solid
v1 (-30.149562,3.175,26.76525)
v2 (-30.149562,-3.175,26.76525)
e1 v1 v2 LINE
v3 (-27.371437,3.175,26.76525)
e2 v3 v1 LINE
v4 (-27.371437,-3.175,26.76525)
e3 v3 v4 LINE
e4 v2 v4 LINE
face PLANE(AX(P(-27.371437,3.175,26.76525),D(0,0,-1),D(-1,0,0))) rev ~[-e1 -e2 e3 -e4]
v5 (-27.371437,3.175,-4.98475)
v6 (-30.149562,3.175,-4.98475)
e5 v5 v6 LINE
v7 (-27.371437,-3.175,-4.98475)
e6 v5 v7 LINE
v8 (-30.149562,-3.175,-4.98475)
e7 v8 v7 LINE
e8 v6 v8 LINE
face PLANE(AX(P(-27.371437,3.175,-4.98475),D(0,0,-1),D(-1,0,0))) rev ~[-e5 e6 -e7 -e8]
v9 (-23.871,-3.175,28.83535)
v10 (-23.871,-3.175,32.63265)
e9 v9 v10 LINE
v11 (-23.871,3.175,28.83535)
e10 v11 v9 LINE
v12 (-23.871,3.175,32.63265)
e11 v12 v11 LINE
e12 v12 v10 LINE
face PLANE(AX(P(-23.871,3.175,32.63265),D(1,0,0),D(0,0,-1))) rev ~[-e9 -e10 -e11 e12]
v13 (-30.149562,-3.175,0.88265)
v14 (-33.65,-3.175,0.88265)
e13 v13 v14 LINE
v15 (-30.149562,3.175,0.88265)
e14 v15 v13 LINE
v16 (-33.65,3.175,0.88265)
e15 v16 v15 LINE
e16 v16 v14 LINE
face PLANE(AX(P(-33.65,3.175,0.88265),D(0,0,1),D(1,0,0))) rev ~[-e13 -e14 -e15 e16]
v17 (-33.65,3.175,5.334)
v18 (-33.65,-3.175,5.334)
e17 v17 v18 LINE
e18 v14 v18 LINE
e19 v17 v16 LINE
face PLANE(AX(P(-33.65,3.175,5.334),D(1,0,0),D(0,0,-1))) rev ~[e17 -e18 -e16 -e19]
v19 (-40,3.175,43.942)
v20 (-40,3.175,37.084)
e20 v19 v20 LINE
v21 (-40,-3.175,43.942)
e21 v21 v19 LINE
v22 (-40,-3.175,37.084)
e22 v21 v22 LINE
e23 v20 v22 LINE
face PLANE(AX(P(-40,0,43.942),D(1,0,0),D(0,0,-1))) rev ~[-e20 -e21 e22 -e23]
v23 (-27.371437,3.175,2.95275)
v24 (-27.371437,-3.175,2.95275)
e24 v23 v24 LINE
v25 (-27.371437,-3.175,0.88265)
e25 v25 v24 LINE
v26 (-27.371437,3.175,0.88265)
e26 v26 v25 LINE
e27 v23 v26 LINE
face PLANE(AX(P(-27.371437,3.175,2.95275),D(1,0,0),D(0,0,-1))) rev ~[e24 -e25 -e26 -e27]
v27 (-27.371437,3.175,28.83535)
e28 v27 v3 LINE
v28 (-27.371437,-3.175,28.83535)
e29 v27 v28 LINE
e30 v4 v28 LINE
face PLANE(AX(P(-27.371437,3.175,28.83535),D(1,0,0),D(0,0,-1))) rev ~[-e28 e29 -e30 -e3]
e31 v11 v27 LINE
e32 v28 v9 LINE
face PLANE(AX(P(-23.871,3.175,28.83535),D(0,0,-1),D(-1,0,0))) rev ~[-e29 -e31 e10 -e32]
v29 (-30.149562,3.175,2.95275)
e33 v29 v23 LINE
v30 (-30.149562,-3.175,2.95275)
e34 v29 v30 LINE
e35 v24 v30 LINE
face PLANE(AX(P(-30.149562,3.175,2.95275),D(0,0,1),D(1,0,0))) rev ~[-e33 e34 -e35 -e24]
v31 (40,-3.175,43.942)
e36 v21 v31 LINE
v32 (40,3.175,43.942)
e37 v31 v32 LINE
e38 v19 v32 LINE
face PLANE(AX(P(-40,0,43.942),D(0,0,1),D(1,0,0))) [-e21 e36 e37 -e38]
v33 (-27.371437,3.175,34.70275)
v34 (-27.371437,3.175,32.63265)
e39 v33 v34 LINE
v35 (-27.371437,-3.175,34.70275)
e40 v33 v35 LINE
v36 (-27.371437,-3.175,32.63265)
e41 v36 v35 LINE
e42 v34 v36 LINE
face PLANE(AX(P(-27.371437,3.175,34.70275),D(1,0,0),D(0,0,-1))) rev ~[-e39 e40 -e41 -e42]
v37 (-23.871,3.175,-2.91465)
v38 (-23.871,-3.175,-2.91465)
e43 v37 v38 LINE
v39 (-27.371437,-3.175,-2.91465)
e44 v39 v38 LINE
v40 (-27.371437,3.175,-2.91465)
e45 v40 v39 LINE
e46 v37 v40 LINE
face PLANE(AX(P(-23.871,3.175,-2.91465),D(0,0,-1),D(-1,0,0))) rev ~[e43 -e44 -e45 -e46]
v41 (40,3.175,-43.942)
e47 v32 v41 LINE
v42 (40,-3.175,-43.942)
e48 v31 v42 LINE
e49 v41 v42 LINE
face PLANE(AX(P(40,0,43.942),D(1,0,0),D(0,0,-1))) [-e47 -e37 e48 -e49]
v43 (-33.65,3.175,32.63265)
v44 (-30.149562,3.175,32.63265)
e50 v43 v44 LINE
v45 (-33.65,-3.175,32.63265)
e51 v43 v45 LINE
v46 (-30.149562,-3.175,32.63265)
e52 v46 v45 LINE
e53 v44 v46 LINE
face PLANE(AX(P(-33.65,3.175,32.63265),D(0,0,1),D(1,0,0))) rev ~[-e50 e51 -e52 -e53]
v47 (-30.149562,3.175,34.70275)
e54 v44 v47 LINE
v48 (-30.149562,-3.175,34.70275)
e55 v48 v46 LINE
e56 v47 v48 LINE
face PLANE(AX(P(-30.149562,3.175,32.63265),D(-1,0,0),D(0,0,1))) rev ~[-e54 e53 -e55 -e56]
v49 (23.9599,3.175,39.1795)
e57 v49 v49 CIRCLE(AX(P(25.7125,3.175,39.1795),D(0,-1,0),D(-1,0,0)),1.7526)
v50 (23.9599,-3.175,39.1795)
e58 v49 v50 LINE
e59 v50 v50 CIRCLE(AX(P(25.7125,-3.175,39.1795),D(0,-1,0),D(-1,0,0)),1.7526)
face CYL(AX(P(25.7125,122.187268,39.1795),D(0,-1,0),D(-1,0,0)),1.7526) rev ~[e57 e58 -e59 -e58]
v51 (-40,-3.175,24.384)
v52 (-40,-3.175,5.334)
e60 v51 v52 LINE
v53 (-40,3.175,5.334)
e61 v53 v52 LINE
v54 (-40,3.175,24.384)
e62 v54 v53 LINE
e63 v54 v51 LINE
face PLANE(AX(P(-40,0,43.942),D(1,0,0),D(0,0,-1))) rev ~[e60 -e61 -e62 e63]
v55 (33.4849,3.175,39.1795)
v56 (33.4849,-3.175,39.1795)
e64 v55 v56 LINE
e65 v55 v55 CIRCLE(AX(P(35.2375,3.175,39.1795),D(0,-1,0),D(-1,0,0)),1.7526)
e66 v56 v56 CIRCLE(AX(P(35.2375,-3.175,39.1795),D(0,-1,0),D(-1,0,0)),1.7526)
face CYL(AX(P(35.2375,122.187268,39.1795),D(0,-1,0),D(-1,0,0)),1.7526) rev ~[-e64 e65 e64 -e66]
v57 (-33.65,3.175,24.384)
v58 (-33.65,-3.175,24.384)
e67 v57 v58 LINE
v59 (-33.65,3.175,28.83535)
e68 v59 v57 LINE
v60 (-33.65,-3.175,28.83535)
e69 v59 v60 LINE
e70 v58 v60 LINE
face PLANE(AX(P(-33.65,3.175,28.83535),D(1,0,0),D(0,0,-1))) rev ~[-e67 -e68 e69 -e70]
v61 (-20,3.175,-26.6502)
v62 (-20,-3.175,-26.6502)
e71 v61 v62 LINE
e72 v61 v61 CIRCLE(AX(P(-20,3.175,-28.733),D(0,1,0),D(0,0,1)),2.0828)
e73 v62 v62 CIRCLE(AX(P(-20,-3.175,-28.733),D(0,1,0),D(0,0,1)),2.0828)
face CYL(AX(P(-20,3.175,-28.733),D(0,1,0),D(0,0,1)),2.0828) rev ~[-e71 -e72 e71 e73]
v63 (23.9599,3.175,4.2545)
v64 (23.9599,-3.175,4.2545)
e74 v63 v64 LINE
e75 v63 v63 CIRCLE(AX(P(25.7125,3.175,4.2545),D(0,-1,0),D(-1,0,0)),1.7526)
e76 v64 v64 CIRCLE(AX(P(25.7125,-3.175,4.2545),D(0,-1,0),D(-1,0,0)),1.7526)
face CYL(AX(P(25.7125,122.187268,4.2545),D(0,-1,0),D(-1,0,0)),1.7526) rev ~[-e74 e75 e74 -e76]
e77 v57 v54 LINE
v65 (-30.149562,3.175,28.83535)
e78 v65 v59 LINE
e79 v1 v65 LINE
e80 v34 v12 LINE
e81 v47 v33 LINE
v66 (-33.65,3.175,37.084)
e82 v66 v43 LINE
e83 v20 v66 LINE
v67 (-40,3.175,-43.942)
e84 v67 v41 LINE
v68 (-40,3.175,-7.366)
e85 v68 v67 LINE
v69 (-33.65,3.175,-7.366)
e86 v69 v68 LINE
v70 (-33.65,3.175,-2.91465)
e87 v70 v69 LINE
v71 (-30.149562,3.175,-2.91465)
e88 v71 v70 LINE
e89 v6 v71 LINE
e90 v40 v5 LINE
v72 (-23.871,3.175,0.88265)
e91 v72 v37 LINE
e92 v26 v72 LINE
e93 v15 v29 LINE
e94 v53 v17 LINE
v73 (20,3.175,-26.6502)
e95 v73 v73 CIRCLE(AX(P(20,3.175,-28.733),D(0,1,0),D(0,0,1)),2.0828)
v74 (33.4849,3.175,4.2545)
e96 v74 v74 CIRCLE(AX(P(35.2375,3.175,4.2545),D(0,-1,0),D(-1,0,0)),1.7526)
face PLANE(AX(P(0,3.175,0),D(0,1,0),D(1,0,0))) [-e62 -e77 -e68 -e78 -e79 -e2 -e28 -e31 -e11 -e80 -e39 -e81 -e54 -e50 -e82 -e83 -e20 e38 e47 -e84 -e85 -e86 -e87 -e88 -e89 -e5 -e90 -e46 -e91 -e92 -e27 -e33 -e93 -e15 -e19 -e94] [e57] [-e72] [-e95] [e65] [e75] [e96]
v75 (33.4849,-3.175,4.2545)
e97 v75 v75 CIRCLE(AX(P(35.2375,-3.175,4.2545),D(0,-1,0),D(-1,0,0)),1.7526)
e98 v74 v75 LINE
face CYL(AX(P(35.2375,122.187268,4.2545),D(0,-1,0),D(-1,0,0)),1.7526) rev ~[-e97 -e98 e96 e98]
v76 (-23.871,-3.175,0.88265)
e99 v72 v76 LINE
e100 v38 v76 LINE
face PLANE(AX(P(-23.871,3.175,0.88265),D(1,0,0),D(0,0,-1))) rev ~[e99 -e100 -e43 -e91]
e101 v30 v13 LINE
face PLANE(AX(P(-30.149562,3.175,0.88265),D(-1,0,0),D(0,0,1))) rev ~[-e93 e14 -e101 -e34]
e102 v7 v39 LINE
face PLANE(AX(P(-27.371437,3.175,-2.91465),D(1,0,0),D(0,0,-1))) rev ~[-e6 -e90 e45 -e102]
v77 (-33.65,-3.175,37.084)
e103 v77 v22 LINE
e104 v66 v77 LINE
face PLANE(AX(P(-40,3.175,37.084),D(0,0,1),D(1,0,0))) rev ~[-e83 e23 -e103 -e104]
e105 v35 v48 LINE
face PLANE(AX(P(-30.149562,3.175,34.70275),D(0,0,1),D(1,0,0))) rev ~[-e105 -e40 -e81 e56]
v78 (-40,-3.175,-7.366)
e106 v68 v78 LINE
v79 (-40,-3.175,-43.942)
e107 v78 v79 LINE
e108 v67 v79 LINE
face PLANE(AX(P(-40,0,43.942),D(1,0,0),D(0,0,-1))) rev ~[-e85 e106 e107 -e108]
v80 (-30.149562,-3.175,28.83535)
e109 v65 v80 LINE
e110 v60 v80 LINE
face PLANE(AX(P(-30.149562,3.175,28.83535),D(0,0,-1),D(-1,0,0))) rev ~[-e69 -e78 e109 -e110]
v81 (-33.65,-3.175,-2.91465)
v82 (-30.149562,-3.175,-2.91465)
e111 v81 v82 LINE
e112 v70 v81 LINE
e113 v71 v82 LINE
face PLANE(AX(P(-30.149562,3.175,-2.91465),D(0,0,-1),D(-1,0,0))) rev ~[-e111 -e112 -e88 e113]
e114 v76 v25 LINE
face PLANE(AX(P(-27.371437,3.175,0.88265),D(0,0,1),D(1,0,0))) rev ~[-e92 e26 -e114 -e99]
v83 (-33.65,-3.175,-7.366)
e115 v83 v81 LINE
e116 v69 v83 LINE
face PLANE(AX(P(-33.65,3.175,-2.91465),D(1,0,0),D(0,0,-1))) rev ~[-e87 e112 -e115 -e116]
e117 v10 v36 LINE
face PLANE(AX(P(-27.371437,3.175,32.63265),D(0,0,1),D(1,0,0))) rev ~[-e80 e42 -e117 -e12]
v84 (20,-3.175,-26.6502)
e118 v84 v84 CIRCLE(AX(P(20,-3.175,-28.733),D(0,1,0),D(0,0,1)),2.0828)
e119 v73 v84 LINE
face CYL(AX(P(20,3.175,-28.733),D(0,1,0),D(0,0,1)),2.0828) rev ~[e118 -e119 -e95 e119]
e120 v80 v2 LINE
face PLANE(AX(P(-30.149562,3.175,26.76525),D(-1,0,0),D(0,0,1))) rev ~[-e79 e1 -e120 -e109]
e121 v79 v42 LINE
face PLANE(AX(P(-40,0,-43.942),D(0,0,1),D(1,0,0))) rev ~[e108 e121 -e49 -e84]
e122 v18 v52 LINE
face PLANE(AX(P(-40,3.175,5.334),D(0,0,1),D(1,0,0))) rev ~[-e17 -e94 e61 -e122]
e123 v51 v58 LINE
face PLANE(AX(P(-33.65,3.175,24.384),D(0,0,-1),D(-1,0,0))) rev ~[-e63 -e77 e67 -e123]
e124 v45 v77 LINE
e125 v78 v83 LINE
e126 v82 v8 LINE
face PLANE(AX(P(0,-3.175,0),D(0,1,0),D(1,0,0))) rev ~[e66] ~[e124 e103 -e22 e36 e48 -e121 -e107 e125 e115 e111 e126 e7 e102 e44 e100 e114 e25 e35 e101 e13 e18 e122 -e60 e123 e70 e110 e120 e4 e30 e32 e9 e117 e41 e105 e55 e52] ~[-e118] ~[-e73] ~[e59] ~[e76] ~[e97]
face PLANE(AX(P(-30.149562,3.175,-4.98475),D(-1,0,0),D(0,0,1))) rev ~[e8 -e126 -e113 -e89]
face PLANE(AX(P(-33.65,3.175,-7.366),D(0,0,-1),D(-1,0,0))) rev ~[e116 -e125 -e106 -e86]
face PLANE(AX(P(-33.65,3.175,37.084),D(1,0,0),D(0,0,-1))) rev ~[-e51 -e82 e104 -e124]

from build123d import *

# Parameters (mm, degrees)
SKETCH1_W             = 80
SKETCH1_H             = 87.884
BOSS_EXTRUDE1_DEPTH   = 3.175
F_6_CLEARANCE_HOLE1_D = 3.5052
LPATTERN1_COUNT       = 2
LPATTERN1_PITCH       = 9.525
LPATTERN1_COUNT_DIR2  = 2
LPATTERN1_PITCH_DIR2  = 34.925
CUT_EXTRUDE1_REACH    = 61.76
LPATTERN3_COUNT       = 2
LPATTERN3_PITCH       = 31.75
SKETCH10_R            = 2.0828
CUT_EXTRUDE2_DEPTH    = 60.759701003


with BuildPart() as part:
    # Sketch1 → Boss-Extrude1 (new, symmetric)
    with BuildSketch(Plane(origin=(0, 0, 0), x_dir=(1, 0, 0), z_dir=(0, 1, 0))):
        Rectangle(SKETCH1_W, SKETCH1_H)
    extrude(amount=BOSS_EXTRUDE1_DEPTH, both=True)

    # #6 Clearance Hole1 (through all)
    with Locations(Plane(origin=(0, 3.175, 0), x_dir=(1, 0, 0), z_dir=(0, 1, 0))):
        with Locations((35.2375, -39.1795)):
            f_6_clearance_hole1 = Hole(F_6_CLEARANCE_HOLE1_D / 2)

    # LPattern1: 6 Clearance Hole1 2 × 2
    with Locations(*[(-i * LPATTERN1_PITCH, 0, -j * LPATTERN1_PITCH_DIR2) for i in range(LPATTERN1_COUNT) for j in range(LPATTERN1_COUNT_DIR2) if (i, j) != (0, 0)]):
        add(f_6_clearance_hole1, mode=Mode.SUBTRACT)

    # Sketch7 → Cut-Extrude1 (cut, up to next)
    with BuildSketch(Plane(origin=(0, 3.175, 0), x_dir=(1, 0, 0), z_dir=(0, 1, 0)), mode=Mode.PRIVATE) as cut_extrude1_sk1:
        Polygon((-40, 7.366), (-40, -5.334), (-33.65, -5.334), (-33.65, -0.88265), (-30.1495625, -0.88265), (-30.1495625, -2.95275), (-27.3714375, -2.95275), (-27.3714375, -0.88265), (-23.871, -0.88265), (-23.871, 2.91465), (-27.3714375, 2.91465), (-27.3714375, 4.98475), (-30.1495625, 4.98475), (-30.1495625, 2.91465), (-33.65, 2.91465), (-33.65, 7.366), align=None)
    cut_extrude1_tool1 = extrude(cut_extrude1_sk1.sketch, amount=-CUT_EXTRUDE1_REACH, mode=Mode.PRIVATE) & part.part
    cut_extrude1 = cut_extrude1_tool1.solids().sort_by_distance((-33.791113, 3.175, -1.016))[0]
    add(cut_extrude1, mode=Mode.SUBTRACT)

    # LPattern3: Cut-Extrude1 ×2
    with Locations(*[(0, 0, i * LPATTERN3_PITCH) for i in range(1, LPATTERN3_COUNT)]):
        add(cut_extrude1, mode=Mode.SUBTRACT)

    # Sketch10 → Cut-Extrude2 (cut, through all)
    with BuildSketch(Plane(origin=(0, 3.175, 0), x_dir=(1, 0, 0), z_dir=(0, 1, 0))):
        with Locations(Location((20, 28.733, 0), (0, 0, 270))):
            Circle(SKETCH10_R)
        with Locations(Location((-20, 28.733, 0), (0, 0, 270))):
            Circle(SKETCH10_R)
    extrude(amount=-CUT_EXTRUDE2_DEPTH, mode=Mode.SUBTRACT)


solid = part.part
